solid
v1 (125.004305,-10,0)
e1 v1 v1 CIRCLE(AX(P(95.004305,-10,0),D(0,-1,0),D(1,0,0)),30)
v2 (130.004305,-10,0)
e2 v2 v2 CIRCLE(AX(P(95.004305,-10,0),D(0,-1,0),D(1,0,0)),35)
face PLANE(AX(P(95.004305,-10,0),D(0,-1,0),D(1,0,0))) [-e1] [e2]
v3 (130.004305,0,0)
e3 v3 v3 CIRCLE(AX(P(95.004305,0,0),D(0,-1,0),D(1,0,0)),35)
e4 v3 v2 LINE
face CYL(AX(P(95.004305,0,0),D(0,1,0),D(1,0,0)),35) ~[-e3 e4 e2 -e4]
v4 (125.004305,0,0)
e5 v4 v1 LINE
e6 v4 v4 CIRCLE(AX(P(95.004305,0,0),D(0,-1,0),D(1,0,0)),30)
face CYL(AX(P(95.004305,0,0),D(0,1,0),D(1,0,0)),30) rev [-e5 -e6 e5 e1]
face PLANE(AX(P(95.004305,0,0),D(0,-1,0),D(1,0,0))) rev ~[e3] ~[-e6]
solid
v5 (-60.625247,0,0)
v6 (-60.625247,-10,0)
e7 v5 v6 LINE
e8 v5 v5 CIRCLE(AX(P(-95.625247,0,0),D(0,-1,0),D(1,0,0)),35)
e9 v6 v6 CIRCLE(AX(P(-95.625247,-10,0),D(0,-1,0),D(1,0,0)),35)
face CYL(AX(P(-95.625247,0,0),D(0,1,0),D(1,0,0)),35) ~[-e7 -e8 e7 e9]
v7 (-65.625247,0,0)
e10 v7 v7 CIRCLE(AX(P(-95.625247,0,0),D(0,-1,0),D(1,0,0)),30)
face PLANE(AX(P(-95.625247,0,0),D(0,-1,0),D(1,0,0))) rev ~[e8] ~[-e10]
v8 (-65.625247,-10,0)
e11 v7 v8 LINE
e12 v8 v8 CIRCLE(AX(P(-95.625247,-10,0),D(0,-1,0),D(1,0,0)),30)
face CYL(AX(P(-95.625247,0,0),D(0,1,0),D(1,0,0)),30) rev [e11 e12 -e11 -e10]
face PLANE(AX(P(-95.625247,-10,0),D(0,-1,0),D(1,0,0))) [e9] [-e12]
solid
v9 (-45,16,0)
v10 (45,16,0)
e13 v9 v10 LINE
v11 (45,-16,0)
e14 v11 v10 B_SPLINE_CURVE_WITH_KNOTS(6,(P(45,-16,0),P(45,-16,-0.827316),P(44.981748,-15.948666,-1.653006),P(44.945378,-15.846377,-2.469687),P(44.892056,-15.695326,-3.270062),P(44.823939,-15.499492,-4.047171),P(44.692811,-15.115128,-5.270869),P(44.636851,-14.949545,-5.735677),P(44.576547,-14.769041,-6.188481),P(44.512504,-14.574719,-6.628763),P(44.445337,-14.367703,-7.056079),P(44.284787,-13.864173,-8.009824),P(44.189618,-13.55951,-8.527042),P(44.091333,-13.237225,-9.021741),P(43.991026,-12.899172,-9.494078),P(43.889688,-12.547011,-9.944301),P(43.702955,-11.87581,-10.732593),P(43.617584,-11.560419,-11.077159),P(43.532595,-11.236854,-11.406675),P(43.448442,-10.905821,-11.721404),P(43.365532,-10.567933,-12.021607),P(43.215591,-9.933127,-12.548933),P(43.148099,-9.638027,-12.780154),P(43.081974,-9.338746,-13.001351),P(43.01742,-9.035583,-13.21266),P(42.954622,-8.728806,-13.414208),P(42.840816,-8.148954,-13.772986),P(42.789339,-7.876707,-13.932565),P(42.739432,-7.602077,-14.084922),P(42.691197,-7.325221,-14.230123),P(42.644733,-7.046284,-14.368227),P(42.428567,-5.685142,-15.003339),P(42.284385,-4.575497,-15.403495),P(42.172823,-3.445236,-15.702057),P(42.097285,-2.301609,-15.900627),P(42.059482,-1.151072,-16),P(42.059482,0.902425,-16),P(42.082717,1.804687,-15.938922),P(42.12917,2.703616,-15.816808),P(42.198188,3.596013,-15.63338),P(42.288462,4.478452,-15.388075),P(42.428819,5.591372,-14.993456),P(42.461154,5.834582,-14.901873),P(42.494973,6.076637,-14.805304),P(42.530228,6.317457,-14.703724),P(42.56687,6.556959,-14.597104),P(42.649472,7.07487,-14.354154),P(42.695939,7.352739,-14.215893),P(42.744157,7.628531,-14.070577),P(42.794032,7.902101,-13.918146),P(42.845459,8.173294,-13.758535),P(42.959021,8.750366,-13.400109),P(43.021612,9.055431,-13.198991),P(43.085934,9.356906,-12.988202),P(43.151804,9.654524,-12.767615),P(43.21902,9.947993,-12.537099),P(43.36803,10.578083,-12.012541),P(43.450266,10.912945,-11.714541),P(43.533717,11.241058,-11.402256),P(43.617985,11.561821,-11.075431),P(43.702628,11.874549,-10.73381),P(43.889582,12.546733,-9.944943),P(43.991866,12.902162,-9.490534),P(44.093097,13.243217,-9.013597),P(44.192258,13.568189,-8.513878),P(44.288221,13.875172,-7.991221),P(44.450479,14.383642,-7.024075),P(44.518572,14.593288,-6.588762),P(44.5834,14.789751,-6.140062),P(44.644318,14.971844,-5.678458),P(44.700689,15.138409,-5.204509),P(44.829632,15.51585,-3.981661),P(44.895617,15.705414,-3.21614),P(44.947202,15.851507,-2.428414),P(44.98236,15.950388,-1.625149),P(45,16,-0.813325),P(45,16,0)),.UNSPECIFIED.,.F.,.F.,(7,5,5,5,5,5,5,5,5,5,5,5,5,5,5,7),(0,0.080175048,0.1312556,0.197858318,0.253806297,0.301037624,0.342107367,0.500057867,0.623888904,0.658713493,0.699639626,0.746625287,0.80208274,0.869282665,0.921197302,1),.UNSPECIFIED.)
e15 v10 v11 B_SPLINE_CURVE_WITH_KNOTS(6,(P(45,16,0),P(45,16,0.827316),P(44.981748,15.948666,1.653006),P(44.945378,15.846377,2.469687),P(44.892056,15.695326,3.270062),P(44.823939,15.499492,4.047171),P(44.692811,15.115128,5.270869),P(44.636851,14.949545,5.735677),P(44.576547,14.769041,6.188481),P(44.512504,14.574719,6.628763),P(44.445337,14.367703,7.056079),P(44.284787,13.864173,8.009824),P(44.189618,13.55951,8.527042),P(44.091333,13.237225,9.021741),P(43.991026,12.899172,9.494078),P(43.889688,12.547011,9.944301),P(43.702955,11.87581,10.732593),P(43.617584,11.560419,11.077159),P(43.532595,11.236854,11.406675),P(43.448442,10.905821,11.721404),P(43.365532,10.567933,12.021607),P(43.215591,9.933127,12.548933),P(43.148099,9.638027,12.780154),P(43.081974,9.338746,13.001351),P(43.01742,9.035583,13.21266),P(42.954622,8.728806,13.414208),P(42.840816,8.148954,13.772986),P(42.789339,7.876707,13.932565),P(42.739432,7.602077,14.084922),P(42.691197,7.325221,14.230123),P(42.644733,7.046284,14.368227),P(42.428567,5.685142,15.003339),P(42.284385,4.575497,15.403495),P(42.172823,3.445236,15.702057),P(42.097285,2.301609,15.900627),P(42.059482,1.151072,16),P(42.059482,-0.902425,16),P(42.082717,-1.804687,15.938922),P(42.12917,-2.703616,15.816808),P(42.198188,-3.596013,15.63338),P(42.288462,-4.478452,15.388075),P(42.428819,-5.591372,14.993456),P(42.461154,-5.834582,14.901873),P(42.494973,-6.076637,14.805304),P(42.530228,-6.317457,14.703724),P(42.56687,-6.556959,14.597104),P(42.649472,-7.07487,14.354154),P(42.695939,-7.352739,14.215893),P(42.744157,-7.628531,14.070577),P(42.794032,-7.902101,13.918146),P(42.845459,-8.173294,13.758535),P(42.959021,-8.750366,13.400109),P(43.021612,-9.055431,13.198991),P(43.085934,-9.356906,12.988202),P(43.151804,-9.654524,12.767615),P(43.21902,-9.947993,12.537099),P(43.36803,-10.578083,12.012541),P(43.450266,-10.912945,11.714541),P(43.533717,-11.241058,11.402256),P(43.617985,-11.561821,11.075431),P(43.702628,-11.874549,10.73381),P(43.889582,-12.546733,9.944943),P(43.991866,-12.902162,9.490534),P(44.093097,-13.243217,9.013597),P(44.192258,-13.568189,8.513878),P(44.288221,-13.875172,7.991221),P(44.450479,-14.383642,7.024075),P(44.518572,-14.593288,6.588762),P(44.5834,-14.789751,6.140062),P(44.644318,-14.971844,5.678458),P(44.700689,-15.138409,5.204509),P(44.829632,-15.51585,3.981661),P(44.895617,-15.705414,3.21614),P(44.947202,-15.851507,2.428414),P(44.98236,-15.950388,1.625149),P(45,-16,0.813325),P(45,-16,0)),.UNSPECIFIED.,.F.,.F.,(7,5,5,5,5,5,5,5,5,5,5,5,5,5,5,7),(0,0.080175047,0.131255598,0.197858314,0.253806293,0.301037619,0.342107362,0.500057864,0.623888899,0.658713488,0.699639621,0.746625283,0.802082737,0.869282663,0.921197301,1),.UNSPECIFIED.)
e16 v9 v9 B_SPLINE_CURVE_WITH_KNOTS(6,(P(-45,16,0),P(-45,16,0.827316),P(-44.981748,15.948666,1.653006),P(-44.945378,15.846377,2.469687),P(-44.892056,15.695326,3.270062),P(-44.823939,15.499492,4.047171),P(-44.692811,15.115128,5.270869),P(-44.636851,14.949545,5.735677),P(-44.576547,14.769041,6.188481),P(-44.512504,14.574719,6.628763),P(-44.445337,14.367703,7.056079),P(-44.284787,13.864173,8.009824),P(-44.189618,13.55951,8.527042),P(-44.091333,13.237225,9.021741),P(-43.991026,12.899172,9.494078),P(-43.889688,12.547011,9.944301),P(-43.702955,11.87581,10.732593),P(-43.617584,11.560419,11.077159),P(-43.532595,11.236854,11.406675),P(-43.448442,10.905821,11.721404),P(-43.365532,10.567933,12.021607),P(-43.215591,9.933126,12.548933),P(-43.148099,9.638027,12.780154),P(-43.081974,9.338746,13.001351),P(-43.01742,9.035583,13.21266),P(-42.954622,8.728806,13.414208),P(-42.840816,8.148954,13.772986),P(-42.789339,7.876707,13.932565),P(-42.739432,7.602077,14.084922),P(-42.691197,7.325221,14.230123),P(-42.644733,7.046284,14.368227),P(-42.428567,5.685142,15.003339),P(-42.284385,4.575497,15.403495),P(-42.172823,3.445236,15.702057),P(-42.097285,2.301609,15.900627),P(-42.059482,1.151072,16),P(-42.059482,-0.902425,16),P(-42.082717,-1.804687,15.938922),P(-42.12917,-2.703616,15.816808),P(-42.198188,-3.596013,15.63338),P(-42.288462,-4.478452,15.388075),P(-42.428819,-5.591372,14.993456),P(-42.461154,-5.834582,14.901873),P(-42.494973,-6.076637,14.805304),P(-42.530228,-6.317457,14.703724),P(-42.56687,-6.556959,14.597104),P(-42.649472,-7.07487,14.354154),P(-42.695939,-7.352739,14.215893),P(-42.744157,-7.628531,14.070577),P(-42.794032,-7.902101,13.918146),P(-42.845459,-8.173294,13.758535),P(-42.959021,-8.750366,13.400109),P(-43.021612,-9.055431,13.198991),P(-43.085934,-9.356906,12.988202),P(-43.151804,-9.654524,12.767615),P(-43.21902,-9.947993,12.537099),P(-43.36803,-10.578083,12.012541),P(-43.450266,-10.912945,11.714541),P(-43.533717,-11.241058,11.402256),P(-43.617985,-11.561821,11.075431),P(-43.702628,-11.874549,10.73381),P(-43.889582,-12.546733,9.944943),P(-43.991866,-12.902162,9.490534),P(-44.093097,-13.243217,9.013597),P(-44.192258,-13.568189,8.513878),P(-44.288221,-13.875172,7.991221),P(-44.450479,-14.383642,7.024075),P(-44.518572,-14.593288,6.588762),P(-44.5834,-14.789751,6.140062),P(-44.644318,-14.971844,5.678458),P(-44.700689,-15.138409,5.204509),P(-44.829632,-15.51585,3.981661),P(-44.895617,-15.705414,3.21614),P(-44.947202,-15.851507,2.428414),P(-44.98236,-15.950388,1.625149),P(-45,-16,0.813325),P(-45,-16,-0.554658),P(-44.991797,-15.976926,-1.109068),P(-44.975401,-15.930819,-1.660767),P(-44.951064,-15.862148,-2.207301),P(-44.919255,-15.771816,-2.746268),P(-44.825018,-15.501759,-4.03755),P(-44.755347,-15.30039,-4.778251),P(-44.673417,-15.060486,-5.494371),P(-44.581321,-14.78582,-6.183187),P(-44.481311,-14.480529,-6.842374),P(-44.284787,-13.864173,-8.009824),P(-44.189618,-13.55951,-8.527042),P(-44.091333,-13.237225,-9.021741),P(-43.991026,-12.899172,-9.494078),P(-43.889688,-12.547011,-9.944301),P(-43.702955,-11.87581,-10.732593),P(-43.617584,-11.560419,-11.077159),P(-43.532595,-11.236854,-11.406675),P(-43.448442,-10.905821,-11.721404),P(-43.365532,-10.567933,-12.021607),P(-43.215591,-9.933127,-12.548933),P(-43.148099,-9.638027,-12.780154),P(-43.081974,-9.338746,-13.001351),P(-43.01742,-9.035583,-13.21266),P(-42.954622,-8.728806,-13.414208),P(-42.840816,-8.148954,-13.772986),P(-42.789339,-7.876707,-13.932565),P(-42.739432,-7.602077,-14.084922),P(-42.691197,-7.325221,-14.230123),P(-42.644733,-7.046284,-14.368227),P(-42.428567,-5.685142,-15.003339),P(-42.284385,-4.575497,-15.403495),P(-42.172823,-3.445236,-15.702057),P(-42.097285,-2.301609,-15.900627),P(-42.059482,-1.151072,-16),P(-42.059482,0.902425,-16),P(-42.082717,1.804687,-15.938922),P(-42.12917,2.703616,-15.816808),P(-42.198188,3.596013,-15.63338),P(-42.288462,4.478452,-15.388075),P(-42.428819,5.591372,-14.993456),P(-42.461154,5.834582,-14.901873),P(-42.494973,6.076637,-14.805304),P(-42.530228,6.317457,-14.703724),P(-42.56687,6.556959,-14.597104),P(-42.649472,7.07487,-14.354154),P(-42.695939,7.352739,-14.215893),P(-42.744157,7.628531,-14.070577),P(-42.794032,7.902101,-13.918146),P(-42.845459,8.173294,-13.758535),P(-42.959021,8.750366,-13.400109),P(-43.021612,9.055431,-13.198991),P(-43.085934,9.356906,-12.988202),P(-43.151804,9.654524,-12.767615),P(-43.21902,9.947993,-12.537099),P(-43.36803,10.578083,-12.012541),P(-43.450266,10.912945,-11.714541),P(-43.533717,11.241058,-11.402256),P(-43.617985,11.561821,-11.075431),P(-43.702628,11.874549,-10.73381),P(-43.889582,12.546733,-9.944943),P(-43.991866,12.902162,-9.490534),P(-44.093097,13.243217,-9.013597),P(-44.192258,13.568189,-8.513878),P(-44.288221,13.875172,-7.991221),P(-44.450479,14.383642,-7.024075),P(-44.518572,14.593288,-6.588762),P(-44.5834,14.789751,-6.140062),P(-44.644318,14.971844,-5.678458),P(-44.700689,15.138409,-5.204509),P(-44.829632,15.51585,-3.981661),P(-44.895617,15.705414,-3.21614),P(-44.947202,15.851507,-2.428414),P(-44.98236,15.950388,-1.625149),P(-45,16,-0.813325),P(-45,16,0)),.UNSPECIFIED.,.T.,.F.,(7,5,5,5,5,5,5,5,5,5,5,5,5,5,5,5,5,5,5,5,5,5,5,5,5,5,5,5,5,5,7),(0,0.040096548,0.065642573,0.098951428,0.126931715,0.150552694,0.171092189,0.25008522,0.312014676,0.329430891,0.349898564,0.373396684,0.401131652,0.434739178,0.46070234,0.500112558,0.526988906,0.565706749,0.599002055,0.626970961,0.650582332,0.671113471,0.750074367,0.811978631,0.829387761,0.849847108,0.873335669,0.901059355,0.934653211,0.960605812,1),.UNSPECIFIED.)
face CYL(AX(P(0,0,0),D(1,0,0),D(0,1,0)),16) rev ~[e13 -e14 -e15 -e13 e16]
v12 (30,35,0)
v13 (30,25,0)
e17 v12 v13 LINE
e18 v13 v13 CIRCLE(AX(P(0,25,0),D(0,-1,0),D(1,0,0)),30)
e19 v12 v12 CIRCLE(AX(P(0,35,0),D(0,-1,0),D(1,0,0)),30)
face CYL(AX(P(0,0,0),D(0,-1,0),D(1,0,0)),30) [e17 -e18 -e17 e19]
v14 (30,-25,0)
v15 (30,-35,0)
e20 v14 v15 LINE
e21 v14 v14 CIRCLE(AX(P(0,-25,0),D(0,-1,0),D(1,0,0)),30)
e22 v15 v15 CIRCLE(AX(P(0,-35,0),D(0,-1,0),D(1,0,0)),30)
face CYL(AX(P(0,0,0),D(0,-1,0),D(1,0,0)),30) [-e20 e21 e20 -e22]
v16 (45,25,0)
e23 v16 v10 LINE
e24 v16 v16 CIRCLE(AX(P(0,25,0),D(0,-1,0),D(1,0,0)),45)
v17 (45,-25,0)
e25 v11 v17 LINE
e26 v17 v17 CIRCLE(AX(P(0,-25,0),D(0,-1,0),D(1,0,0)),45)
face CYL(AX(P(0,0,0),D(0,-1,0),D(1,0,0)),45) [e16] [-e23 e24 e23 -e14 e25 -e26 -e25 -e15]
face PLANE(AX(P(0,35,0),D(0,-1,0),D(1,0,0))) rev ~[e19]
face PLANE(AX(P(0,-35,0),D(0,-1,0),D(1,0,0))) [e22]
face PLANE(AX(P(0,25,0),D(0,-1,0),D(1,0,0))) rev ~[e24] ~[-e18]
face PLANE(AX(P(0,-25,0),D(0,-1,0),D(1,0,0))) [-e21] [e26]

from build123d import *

# Parameters (mm, degrees)
F0_R     = 30
F1_DEPTH = 35
F0_R_2   = 45
F2_DEPTH = 25
F3_R     = 16
F4_DEPTH = 45
F5_R     = 35
F5_R_2   = 30
F6_DEPTH = 10


with BuildPart() as f1:
    # F0 (on Front) → F1 (new body, symmetric)
    with BuildSketch(Plane.XZ):
        Circle(F0_R)
    extrude(amount=F1_DEPTH, both=True)

    # F0 (on Front) → F2 (join, symmetric)
    with BuildSketch(Plane.XZ):
        Circle(F0_R_2)
        Circle(F0_R, mode=Mode.SUBTRACT)
    extrude(amount=F2_DEPTH, both=True)

    # F3 (on Right) → F4 (cut, symmetric)
    with BuildSketch(Plane.YZ):
        Circle(F3_R)
    extrude(amount=F4_DEPTH, both=True, mode=Mode.SUBTRACT)


with BuildPart() as f6:
    # F5 (on Front) → F6 (new body)
    with BuildSketch(Plane.XZ):
        with Locations((95.004305, 0)):
            Circle(F5_R)
        with Locations((95.004305, 0)):
            Circle(F5_R_2, mode=Mode.SUBTRACT)
        with Locations((-95.625247, 0)):
            Circle(F5_R)
        with Locations((-95.625247, 0)):
            Circle(F5_R_2, mode=Mode.SUBTRACT)
    extrude(amount=F6_DEPTH)


solid = Compound([f1.part, f6.part])
